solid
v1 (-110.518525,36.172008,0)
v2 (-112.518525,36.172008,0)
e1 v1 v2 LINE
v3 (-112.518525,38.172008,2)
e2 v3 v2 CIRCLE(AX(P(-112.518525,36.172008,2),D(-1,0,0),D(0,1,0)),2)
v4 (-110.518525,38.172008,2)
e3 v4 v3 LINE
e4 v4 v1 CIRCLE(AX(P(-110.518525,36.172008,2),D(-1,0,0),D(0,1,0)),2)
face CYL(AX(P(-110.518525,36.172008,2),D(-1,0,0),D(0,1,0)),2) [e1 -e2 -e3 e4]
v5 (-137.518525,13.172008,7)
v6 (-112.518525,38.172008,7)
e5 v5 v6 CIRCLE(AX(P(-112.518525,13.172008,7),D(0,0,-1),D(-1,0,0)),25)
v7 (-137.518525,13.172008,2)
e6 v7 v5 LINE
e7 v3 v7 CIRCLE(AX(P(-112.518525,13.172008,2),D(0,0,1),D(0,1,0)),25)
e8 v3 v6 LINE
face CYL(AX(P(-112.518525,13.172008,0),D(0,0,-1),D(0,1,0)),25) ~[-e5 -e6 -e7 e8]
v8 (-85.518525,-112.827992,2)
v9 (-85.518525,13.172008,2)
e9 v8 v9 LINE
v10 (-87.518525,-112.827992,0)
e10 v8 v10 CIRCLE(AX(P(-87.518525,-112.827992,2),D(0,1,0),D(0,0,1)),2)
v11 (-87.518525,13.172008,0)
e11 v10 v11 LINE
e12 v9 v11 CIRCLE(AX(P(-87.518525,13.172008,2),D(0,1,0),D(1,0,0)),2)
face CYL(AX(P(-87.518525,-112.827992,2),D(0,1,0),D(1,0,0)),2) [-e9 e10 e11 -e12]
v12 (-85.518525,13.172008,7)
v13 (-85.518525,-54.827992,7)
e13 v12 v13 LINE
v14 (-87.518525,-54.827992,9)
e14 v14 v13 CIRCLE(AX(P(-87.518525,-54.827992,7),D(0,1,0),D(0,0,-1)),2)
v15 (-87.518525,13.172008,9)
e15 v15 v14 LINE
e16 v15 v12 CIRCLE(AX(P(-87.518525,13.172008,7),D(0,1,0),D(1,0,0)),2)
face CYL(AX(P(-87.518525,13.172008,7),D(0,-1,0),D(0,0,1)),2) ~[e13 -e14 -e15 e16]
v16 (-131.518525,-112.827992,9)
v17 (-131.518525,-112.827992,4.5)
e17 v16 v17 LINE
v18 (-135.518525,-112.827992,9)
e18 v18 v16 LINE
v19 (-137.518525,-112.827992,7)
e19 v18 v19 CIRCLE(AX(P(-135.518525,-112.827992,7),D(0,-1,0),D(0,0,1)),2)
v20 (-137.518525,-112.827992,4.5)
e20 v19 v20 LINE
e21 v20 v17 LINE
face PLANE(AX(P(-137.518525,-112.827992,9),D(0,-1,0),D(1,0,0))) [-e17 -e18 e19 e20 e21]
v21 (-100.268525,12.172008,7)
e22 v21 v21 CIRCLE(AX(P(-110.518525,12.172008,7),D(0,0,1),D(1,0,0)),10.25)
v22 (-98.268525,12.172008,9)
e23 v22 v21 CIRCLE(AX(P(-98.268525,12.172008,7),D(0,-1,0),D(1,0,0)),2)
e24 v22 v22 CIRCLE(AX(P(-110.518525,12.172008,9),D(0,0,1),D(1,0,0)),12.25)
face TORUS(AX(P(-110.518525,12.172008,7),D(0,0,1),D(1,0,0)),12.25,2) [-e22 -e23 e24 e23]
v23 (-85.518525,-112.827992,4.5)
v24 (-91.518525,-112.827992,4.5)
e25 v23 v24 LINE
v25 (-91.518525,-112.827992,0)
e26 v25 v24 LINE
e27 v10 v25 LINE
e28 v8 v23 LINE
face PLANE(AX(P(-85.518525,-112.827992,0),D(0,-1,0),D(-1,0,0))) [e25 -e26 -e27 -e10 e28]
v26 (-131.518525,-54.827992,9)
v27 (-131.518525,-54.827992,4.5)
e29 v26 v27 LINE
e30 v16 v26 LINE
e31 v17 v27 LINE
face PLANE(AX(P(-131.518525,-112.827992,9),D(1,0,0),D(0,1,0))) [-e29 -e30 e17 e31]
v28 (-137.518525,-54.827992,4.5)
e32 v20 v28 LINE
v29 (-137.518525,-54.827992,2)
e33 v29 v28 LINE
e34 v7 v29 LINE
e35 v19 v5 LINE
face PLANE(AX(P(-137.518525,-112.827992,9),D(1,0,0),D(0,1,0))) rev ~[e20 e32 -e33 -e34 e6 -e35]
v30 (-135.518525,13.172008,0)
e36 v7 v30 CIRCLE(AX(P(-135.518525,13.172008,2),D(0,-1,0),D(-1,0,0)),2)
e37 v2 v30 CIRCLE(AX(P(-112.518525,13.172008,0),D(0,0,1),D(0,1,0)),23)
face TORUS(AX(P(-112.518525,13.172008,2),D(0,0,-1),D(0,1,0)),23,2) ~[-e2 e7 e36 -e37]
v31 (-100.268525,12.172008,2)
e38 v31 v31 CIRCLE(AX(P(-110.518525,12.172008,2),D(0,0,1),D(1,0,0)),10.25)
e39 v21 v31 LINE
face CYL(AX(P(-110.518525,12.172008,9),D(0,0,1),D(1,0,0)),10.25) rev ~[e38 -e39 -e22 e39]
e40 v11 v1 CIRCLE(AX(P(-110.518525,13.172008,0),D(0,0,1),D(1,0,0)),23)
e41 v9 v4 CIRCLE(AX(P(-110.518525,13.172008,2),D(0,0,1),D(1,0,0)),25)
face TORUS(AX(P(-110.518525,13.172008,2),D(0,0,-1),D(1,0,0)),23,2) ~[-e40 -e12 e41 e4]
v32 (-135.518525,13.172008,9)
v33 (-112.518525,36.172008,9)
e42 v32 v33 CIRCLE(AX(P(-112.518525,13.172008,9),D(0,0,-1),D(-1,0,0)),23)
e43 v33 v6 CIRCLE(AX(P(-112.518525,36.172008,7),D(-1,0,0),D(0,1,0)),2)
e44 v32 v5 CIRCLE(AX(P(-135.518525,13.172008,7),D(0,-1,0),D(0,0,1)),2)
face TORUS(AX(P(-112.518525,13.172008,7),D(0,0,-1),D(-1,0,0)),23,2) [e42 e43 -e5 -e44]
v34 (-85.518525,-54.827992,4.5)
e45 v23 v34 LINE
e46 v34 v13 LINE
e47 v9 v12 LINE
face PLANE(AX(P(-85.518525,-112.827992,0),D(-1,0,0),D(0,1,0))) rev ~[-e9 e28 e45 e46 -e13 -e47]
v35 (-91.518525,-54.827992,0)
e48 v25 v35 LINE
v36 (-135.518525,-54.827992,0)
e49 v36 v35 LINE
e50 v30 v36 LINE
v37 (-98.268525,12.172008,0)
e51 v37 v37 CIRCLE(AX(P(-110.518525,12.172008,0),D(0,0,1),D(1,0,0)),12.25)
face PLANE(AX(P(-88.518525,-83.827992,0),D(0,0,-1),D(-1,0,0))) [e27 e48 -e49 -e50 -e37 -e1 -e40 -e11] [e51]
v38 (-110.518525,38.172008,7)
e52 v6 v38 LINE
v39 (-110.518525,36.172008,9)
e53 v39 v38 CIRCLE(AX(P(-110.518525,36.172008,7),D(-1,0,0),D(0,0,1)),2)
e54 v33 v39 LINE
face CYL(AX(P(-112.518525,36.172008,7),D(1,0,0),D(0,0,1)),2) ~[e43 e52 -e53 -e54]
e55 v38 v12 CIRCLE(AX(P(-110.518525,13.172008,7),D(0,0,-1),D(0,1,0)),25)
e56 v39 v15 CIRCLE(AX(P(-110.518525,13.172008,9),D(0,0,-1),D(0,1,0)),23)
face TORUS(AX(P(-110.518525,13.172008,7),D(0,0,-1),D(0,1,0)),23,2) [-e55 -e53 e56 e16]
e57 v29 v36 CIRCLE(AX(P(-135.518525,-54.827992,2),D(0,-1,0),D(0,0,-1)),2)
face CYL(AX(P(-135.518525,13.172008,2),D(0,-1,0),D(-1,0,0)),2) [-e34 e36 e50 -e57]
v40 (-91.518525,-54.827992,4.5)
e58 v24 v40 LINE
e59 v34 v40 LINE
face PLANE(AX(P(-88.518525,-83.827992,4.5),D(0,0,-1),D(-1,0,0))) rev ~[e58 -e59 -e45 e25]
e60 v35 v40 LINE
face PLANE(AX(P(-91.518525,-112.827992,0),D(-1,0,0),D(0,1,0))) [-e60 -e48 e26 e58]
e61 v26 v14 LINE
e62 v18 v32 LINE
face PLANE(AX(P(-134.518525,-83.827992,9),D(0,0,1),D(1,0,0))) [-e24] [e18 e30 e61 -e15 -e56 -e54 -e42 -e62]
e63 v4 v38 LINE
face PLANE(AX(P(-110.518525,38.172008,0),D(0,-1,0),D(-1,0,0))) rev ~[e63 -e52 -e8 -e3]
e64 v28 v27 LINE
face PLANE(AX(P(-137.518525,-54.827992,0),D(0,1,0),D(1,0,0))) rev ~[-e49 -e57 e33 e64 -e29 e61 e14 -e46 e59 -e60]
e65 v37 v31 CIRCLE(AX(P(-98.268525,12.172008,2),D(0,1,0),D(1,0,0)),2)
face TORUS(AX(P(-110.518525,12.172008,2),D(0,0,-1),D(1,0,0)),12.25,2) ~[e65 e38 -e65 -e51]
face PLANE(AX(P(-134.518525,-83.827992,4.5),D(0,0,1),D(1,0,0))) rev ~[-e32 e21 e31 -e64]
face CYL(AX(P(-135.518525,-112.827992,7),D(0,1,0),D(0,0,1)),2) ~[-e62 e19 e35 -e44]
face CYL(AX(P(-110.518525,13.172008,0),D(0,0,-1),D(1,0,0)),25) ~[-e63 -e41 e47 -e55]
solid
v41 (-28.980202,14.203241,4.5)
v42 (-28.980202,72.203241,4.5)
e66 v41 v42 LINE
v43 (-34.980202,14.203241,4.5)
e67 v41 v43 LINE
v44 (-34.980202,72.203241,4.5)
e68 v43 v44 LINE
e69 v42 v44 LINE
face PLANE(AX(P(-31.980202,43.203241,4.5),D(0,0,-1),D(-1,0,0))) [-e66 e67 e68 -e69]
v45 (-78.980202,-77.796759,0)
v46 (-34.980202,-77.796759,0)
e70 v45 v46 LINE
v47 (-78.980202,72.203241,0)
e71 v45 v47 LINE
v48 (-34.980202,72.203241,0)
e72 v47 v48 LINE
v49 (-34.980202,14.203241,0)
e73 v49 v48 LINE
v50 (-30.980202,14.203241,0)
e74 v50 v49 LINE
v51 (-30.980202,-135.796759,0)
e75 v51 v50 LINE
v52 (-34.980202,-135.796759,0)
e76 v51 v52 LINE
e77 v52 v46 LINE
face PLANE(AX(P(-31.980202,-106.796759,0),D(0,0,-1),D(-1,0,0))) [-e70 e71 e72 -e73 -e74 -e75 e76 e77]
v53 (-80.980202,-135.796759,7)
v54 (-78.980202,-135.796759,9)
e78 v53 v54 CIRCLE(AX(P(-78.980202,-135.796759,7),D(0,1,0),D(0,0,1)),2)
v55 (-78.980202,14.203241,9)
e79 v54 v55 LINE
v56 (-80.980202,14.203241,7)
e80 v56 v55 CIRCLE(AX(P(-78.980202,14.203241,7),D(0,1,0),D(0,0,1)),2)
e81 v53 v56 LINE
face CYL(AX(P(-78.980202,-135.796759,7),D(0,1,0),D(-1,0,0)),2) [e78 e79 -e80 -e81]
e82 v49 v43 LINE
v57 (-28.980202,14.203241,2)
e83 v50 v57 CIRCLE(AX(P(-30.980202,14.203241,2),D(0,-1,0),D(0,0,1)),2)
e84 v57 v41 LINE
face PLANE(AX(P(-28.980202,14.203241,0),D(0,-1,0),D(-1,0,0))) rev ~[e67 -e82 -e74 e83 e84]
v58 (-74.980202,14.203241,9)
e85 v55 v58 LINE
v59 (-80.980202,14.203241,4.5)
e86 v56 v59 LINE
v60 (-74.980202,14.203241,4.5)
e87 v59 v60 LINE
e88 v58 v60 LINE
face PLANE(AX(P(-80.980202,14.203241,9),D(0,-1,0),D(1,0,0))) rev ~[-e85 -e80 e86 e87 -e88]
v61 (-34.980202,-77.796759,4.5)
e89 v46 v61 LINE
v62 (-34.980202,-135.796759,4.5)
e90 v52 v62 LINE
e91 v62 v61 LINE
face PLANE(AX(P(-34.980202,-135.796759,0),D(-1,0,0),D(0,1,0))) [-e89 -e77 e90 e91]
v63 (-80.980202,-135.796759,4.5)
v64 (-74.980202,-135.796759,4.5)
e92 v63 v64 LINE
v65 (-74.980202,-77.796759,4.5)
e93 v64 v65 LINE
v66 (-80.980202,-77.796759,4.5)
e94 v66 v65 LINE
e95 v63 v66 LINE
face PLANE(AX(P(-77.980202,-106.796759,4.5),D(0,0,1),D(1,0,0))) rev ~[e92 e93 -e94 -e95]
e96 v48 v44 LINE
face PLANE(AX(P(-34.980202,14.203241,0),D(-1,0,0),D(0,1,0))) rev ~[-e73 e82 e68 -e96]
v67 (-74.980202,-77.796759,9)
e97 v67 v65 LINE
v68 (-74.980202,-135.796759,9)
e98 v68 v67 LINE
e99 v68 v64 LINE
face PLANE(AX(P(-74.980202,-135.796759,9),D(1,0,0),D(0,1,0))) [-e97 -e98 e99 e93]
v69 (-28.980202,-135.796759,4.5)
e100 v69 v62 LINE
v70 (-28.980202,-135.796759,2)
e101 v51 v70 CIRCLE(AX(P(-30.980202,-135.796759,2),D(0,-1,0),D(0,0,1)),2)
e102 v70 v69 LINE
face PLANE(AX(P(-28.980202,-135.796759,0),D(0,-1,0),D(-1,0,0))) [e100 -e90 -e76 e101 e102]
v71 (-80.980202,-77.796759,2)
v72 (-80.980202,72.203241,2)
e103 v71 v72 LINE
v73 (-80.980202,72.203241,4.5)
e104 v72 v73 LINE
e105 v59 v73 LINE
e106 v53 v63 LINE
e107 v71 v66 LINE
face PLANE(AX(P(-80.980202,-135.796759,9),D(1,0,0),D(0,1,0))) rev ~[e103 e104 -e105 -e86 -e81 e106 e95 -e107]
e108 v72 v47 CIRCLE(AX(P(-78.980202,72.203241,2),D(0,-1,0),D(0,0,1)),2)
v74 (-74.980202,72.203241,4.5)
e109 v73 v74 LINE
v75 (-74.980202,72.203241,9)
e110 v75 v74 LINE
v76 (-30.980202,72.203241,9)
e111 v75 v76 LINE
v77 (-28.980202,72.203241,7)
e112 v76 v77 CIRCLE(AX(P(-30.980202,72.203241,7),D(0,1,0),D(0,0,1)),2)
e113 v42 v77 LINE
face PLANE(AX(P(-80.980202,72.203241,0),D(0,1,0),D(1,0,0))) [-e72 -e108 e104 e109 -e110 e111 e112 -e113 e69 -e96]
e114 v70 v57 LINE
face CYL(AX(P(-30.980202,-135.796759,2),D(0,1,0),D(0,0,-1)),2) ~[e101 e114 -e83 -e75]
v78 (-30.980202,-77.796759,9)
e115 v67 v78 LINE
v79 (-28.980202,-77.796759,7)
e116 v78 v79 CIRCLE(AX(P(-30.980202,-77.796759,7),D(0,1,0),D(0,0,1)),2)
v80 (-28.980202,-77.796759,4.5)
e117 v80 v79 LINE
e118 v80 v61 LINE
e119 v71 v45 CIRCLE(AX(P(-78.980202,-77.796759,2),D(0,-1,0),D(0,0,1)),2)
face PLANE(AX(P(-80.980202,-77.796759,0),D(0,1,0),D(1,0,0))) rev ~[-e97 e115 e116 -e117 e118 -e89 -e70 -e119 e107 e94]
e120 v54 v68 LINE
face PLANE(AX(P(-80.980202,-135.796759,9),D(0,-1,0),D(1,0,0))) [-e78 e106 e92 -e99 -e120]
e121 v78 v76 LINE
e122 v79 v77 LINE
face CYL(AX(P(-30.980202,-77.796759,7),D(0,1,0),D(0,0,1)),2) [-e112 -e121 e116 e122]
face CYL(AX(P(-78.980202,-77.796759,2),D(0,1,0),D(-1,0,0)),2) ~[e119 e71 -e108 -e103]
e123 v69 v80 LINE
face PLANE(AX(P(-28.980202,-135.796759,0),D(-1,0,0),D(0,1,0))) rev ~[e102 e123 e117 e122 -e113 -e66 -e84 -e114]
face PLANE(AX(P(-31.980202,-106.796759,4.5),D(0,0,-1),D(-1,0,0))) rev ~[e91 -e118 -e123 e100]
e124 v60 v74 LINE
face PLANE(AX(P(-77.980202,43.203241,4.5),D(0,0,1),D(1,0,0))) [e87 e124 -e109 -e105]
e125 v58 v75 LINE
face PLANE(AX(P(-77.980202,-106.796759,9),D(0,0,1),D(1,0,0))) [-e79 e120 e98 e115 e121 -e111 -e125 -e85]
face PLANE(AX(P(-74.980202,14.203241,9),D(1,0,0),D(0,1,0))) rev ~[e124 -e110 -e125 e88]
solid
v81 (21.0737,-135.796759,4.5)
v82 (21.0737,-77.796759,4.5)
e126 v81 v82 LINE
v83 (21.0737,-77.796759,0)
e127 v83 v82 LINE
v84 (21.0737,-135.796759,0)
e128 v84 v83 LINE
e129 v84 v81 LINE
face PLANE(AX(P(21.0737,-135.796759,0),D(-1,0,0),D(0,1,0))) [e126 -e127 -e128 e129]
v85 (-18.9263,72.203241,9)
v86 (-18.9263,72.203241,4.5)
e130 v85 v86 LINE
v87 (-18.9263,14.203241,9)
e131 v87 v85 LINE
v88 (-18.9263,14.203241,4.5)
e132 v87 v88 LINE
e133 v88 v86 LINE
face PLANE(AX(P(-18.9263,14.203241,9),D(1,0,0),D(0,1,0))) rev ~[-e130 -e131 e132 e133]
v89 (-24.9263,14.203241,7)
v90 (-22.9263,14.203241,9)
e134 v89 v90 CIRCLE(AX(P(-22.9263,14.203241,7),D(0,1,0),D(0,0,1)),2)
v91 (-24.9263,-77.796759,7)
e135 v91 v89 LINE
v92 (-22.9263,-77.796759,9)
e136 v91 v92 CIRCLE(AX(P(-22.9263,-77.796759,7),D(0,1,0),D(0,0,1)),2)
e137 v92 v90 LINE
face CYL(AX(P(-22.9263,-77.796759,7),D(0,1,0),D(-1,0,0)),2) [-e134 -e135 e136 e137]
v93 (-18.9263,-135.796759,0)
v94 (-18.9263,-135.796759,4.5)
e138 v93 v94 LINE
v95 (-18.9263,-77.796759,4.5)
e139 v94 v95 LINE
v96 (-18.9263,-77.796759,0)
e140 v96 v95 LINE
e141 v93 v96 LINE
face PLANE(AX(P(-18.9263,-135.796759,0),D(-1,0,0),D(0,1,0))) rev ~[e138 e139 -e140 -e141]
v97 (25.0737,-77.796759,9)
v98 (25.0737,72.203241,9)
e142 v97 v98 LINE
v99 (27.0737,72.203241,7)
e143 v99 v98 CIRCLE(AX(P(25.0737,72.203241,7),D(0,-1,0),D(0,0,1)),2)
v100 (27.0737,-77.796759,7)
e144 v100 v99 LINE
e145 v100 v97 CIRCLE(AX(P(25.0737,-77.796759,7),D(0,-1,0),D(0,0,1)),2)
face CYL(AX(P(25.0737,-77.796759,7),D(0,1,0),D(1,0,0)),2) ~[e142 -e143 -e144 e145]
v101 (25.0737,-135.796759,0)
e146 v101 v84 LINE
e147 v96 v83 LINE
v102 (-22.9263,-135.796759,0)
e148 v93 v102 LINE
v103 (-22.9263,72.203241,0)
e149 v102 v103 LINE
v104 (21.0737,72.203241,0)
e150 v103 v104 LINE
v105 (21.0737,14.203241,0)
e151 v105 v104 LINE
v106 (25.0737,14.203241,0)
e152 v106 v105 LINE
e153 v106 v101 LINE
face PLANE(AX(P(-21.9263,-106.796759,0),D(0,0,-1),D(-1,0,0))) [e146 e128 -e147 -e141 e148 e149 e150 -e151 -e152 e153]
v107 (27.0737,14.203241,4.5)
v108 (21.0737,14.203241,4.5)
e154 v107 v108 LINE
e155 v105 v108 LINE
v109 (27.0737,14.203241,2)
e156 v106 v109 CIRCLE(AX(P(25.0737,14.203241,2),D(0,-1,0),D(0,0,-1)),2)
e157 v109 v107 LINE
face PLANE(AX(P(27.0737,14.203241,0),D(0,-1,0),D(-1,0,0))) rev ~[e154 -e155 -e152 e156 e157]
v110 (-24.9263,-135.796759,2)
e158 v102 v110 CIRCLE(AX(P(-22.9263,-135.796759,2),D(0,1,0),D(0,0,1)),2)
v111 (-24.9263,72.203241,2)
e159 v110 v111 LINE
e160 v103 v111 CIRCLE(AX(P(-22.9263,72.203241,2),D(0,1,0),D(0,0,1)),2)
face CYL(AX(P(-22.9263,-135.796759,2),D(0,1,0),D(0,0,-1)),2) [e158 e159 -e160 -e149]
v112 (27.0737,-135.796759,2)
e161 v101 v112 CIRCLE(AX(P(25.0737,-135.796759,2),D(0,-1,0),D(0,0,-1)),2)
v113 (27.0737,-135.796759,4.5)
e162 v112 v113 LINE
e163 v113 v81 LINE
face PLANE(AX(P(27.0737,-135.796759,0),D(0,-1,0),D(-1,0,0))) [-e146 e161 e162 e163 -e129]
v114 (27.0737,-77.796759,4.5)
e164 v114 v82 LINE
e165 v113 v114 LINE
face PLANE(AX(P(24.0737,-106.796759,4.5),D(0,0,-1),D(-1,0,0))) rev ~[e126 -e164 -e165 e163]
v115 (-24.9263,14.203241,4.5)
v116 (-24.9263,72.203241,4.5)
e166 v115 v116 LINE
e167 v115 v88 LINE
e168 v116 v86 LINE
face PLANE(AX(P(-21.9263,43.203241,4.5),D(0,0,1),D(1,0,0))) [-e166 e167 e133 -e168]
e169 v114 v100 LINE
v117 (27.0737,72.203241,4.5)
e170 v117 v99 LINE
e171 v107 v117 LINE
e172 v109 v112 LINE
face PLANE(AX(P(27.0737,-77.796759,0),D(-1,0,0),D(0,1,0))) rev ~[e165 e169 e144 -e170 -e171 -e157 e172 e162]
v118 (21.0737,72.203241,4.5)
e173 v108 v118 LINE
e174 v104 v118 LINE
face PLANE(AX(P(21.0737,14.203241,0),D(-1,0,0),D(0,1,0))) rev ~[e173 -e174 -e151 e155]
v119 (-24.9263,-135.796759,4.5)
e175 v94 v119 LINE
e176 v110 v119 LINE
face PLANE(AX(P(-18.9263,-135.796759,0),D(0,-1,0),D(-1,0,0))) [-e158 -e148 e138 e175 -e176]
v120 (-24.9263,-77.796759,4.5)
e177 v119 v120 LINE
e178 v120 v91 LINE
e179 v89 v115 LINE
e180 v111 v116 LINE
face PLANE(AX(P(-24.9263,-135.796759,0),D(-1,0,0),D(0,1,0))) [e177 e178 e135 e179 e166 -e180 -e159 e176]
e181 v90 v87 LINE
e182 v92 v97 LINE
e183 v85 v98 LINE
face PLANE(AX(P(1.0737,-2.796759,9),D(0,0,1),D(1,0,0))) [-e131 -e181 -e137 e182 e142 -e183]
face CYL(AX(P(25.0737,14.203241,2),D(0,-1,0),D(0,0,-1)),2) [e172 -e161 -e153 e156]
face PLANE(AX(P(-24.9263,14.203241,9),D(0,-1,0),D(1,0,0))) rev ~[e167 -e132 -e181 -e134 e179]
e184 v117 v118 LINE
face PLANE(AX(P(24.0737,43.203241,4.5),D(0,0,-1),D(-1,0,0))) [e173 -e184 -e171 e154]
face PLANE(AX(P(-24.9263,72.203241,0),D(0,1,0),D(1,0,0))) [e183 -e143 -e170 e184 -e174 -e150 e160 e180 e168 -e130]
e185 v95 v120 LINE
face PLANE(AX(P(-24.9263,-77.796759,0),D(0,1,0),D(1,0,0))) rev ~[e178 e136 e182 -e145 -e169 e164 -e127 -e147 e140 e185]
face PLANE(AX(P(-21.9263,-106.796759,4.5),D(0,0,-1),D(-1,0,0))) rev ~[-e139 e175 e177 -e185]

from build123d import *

# Parameters (mm, degrees)
SKETCH2_W            = 52
SKETCH2_H            = 150
BOSS_EXTRUDE1_DEPTH  = 9
SKETCH3_W            = 52
SKETCH3_H            = 150
BOSS_EXTRUDE2_DEPTH  = 9
SKETCH5_W            = 6
SKETCH5_H            = 58
BOSS_EXTRUDE3_DEPTH  = 4.5
SKETCH7_W            = 6
SKETCH7_H            = 58
CUT_EXTRUDE1_DEPTH   = 4.5
SKETCH8_W            = 6
SKETCH8_H            = 58
CUT_EXTRUDE2_DEPTH   = 4.5
SKETCH9_W            = 6
SKETCH9_H            = 58
BOSS_EXTRUDE4_DEPTH  = 4.5
SKETCH10_W           = 6
SKETCH10_H           = 58
BOSS_EXTRUDE5_DEPTH  = 4.5
BOSS_EXTRUDE8_DEPTH  = 9
SKETCH13_W           = 6
SKETCH13_H           = 58
CUT_EXTRUDE3_DEPTH   = 4.5
SKETCH14_W           = 6
SKETCH14_H           = 58
CUT_EXTRUDE4_DEPTH   = 4.5
SKETCH15_W           = 6
SKETCH15_H           = 58
BOSS_EXTRUDE9_DEPTH  = 4.5
SKETCH16_W           = 6
SKETCH16_H           = 58
BOSS_EXTRUDE10_DEPTH = 4.5
SKETCH17_R           = 10.25
CUT_EXTRUDE5_DEPTH   = 13.5
FILLET1_R            = 2
FILLET2_R            = 2
FILLET3_R            = 2


with BuildPart() as part:
    # Sketch2 → Boss-Extrude1 (new body)
    with BuildSketch(Plane.XY):
        with Locations((-54.980202323, -2.796759356)):
            Rectangle(SKETCH2_W, SKETCH2_H)
    extrude(amount=BOSS_EXTRUDE1_DEPTH)

    # Sketch9 → Boss-Extrude4 (add)
    with BuildSketch(Plane(origin=(0, 0, 0), x_dir=(-1, 0, 0), z_dir=(0, 0, -1))):
        with Locations((31.980202323, -106.796759356)):
            Rectangle(SKETCH9_W, SKETCH9_H)
    extrude(amount=-BOSS_EXTRUDE4_DEPTH)

    # Sketch10 → Boss-Extrude5 (add)
    with BuildSketch(Plane.XY.offset(9)):
        with Locations((-77.980202323, -106.796759356)):
            Rectangle(SKETCH10_W, SKETCH10_H)
    extrude(amount=-BOSS_EXTRUDE5_DEPTH)

    # Sketch13 → Cut-Extrude3 (cut)
    with BuildSketch(Plane(origin=(0, 0, 0), x_dir=(-1, 0, 0), z_dir=(0, 0, -1))):
        with Locations((31.980202323, 43.203240644)):
            Rectangle(SKETCH13_W, SKETCH13_H)
    extrude(amount=-CUT_EXTRUDE3_DEPTH, mode=Mode.SUBTRACT)

    # Sketch14 → Cut-Extrude4 (cut)
    with BuildSketch(Plane.XY.offset(9)):
        with Locations((-77.980202323, 43.203240644)):
            Rectangle(SKETCH14_W, SKETCH14_H)
    extrude(amount=-CUT_EXTRUDE4_DEPTH, mode=Mode.SUBTRACT)

    # Fillet2
    fillet2_edges = [part.edges().sort_by_distance(p)[0] for p in [
        (-28.980202323, -2.796759356, 9),
        (-80.980202323, -2.796759356, 0),
        (-80.980202323, -60.796759356, 9),
        (-28.980202323, -60.796759356, 0),
    ]]
    fillet(fillet2_edges, radius=FILLET2_R)


with BuildPart() as body_2:
    # Sketch3 → Boss-Extrude2 (new body)
    with BuildSketch(Plane.XY):
        with Locations((1.073700091, -2.796759356)):
            Rectangle(SKETCH3_W, SKETCH3_H)
    extrude(amount=BOSS_EXTRUDE2_DEPTH)

    # Sketch5 → Boss-Extrude3 (add)
    with BuildSketch(Plane(origin=(0, 0, 0), x_dir=(-1, 0, 0), z_dir=(0, 0, -1))):
        with Locations((21.926299909, -106.796759356)):
            Rectangle(SKETCH5_W, SKETCH5_H)
        with Locations((-24.073700091, -106.796759356)):
            Rectangle(SKETCH5_W, SKETCH5_H)
    extrude(amount=-BOSS_EXTRUDE3_DEPTH)

    # Sketch7 → Cut-Extrude1 (cut)
    with BuildSketch(Plane(origin=(0, 0, 0), x_dir=(-1, 0, 0), z_dir=(0, 0, -1))):
        with Locations((-24.073700091, 43.203240644)):
            Rectangle(SKETCH7_W, SKETCH7_H)
    extrude(amount=-CUT_EXTRUDE1_DEPTH, mode=Mode.SUBTRACT)

    # Sketch8 → Cut-Extrude2 (cut)
    with BuildSketch(Plane.XY.offset(9)):
        with Locations((-21.926299909, 43.203240644)):
            Rectangle(SKETCH8_W, SKETCH8_H)
    extrude(amount=-CUT_EXTRUDE2_DEPTH, mode=Mode.SUBTRACT)

    # Fillet3
    fillet3_edges = [body_2.edges().sort_by_distance(p)[0] for p in [
        (27.073700091, -2.796759356, 9),
        (-24.926299909, -31.796759356, 0),
        (-24.926299909, -31.796759356, 9),
        (27.073700091, -60.796759356, 0),
    ]]
    fillet(fillet3_edges, radius=FILLET3_R)


with BuildPart() as body_3:
    # Sketch12 → Boss-Extrude8 (new body)
    with BuildSketch(Plane.XY):
        with BuildLine():
            Line((-110.518525137, 38.172007968), (-112.518525137, 38.172007968))
            ThreePointArc((-112.518525137, 38.172007968), (-130.196194666, 30.849677498), (-137.518525137, 13.172007968))
            Line((-137.518525137, 13.172007968), (-137.518525137, -54.827992032))
            Line((-137.518525137, -54.827992032), (-85.518525137, -54.827992032))
            Line((-85.518525137, -54.827992032), (-85.518525137, 13.172007968))
            ThreePointArc((-85.518525137, 13.172007968), (-92.840855607, 30.849677498), (-110.518525137, 38.172007968))
        make_face()
    extrude(amount=BOSS_EXTRUDE8_DEPTH)

    # Sketch15 → Boss-Extrude9 (add)
    with BuildSketch(Plane.XY.offset(9)):
        with Locations((-134.518525137, -83.827992032)):
            Rectangle(SKETCH15_W, SKETCH15_H)
    extrude(amount=-BOSS_EXTRUDE9_DEPTH)

    # Sketch16 → Boss-Extrude10 (add)
    with BuildSketch(Plane(origin=(0, 0, 0), x_dir=(-1, 0, 0), z_dir=(0, 0, -1))):
        with Locations((88.518525137, -83.827992032)):
            Rectangle(SKETCH16_W, SKETCH16_H)
    extrude(amount=-BOSS_EXTRUDE10_DEPTH)

    # Sketch17 → Cut-Extrude5 (cut)
    with BuildSketch(Plane.XY.offset(9)):
        with Locations((-110.518525137, 12.172007968)):
            Circle(SKETCH17_R)
    extrude(amount=-CUT_EXTRUDE5_DEPTH, mode=Mode.SUBTRACT)

    # Fillet1
    fillet1_edges = [body_3.edges().sort_by_distance(p)[0] for p in [
        (-137.518525137, -49.827992032, 9),
        (-85.518525137, -20.827992032, 9),
        (-92.840855607, 30.849677498, 9),
        (-120.768525137, 12.172007968, 0),
        (-111.518525137, 38.172007968, 9),
        (-120.768525137, 12.172007968, 9),
        (-92.840855607, 30.849677498, 0),
        (-85.518525137, -49.827992032, 0),
        (-137.518525137, -20.827992032, 0),
        (-130.196194666, 30.849677498, 0),
        (-111.518525137, 38.172007968, 0),
        (-130.196194666, 30.849677498, 9),
    ]]
    fillet(fillet1_edges, radius=FILLET1_R)


solid = Compound([part.part, body_2.part, body_3.part])
